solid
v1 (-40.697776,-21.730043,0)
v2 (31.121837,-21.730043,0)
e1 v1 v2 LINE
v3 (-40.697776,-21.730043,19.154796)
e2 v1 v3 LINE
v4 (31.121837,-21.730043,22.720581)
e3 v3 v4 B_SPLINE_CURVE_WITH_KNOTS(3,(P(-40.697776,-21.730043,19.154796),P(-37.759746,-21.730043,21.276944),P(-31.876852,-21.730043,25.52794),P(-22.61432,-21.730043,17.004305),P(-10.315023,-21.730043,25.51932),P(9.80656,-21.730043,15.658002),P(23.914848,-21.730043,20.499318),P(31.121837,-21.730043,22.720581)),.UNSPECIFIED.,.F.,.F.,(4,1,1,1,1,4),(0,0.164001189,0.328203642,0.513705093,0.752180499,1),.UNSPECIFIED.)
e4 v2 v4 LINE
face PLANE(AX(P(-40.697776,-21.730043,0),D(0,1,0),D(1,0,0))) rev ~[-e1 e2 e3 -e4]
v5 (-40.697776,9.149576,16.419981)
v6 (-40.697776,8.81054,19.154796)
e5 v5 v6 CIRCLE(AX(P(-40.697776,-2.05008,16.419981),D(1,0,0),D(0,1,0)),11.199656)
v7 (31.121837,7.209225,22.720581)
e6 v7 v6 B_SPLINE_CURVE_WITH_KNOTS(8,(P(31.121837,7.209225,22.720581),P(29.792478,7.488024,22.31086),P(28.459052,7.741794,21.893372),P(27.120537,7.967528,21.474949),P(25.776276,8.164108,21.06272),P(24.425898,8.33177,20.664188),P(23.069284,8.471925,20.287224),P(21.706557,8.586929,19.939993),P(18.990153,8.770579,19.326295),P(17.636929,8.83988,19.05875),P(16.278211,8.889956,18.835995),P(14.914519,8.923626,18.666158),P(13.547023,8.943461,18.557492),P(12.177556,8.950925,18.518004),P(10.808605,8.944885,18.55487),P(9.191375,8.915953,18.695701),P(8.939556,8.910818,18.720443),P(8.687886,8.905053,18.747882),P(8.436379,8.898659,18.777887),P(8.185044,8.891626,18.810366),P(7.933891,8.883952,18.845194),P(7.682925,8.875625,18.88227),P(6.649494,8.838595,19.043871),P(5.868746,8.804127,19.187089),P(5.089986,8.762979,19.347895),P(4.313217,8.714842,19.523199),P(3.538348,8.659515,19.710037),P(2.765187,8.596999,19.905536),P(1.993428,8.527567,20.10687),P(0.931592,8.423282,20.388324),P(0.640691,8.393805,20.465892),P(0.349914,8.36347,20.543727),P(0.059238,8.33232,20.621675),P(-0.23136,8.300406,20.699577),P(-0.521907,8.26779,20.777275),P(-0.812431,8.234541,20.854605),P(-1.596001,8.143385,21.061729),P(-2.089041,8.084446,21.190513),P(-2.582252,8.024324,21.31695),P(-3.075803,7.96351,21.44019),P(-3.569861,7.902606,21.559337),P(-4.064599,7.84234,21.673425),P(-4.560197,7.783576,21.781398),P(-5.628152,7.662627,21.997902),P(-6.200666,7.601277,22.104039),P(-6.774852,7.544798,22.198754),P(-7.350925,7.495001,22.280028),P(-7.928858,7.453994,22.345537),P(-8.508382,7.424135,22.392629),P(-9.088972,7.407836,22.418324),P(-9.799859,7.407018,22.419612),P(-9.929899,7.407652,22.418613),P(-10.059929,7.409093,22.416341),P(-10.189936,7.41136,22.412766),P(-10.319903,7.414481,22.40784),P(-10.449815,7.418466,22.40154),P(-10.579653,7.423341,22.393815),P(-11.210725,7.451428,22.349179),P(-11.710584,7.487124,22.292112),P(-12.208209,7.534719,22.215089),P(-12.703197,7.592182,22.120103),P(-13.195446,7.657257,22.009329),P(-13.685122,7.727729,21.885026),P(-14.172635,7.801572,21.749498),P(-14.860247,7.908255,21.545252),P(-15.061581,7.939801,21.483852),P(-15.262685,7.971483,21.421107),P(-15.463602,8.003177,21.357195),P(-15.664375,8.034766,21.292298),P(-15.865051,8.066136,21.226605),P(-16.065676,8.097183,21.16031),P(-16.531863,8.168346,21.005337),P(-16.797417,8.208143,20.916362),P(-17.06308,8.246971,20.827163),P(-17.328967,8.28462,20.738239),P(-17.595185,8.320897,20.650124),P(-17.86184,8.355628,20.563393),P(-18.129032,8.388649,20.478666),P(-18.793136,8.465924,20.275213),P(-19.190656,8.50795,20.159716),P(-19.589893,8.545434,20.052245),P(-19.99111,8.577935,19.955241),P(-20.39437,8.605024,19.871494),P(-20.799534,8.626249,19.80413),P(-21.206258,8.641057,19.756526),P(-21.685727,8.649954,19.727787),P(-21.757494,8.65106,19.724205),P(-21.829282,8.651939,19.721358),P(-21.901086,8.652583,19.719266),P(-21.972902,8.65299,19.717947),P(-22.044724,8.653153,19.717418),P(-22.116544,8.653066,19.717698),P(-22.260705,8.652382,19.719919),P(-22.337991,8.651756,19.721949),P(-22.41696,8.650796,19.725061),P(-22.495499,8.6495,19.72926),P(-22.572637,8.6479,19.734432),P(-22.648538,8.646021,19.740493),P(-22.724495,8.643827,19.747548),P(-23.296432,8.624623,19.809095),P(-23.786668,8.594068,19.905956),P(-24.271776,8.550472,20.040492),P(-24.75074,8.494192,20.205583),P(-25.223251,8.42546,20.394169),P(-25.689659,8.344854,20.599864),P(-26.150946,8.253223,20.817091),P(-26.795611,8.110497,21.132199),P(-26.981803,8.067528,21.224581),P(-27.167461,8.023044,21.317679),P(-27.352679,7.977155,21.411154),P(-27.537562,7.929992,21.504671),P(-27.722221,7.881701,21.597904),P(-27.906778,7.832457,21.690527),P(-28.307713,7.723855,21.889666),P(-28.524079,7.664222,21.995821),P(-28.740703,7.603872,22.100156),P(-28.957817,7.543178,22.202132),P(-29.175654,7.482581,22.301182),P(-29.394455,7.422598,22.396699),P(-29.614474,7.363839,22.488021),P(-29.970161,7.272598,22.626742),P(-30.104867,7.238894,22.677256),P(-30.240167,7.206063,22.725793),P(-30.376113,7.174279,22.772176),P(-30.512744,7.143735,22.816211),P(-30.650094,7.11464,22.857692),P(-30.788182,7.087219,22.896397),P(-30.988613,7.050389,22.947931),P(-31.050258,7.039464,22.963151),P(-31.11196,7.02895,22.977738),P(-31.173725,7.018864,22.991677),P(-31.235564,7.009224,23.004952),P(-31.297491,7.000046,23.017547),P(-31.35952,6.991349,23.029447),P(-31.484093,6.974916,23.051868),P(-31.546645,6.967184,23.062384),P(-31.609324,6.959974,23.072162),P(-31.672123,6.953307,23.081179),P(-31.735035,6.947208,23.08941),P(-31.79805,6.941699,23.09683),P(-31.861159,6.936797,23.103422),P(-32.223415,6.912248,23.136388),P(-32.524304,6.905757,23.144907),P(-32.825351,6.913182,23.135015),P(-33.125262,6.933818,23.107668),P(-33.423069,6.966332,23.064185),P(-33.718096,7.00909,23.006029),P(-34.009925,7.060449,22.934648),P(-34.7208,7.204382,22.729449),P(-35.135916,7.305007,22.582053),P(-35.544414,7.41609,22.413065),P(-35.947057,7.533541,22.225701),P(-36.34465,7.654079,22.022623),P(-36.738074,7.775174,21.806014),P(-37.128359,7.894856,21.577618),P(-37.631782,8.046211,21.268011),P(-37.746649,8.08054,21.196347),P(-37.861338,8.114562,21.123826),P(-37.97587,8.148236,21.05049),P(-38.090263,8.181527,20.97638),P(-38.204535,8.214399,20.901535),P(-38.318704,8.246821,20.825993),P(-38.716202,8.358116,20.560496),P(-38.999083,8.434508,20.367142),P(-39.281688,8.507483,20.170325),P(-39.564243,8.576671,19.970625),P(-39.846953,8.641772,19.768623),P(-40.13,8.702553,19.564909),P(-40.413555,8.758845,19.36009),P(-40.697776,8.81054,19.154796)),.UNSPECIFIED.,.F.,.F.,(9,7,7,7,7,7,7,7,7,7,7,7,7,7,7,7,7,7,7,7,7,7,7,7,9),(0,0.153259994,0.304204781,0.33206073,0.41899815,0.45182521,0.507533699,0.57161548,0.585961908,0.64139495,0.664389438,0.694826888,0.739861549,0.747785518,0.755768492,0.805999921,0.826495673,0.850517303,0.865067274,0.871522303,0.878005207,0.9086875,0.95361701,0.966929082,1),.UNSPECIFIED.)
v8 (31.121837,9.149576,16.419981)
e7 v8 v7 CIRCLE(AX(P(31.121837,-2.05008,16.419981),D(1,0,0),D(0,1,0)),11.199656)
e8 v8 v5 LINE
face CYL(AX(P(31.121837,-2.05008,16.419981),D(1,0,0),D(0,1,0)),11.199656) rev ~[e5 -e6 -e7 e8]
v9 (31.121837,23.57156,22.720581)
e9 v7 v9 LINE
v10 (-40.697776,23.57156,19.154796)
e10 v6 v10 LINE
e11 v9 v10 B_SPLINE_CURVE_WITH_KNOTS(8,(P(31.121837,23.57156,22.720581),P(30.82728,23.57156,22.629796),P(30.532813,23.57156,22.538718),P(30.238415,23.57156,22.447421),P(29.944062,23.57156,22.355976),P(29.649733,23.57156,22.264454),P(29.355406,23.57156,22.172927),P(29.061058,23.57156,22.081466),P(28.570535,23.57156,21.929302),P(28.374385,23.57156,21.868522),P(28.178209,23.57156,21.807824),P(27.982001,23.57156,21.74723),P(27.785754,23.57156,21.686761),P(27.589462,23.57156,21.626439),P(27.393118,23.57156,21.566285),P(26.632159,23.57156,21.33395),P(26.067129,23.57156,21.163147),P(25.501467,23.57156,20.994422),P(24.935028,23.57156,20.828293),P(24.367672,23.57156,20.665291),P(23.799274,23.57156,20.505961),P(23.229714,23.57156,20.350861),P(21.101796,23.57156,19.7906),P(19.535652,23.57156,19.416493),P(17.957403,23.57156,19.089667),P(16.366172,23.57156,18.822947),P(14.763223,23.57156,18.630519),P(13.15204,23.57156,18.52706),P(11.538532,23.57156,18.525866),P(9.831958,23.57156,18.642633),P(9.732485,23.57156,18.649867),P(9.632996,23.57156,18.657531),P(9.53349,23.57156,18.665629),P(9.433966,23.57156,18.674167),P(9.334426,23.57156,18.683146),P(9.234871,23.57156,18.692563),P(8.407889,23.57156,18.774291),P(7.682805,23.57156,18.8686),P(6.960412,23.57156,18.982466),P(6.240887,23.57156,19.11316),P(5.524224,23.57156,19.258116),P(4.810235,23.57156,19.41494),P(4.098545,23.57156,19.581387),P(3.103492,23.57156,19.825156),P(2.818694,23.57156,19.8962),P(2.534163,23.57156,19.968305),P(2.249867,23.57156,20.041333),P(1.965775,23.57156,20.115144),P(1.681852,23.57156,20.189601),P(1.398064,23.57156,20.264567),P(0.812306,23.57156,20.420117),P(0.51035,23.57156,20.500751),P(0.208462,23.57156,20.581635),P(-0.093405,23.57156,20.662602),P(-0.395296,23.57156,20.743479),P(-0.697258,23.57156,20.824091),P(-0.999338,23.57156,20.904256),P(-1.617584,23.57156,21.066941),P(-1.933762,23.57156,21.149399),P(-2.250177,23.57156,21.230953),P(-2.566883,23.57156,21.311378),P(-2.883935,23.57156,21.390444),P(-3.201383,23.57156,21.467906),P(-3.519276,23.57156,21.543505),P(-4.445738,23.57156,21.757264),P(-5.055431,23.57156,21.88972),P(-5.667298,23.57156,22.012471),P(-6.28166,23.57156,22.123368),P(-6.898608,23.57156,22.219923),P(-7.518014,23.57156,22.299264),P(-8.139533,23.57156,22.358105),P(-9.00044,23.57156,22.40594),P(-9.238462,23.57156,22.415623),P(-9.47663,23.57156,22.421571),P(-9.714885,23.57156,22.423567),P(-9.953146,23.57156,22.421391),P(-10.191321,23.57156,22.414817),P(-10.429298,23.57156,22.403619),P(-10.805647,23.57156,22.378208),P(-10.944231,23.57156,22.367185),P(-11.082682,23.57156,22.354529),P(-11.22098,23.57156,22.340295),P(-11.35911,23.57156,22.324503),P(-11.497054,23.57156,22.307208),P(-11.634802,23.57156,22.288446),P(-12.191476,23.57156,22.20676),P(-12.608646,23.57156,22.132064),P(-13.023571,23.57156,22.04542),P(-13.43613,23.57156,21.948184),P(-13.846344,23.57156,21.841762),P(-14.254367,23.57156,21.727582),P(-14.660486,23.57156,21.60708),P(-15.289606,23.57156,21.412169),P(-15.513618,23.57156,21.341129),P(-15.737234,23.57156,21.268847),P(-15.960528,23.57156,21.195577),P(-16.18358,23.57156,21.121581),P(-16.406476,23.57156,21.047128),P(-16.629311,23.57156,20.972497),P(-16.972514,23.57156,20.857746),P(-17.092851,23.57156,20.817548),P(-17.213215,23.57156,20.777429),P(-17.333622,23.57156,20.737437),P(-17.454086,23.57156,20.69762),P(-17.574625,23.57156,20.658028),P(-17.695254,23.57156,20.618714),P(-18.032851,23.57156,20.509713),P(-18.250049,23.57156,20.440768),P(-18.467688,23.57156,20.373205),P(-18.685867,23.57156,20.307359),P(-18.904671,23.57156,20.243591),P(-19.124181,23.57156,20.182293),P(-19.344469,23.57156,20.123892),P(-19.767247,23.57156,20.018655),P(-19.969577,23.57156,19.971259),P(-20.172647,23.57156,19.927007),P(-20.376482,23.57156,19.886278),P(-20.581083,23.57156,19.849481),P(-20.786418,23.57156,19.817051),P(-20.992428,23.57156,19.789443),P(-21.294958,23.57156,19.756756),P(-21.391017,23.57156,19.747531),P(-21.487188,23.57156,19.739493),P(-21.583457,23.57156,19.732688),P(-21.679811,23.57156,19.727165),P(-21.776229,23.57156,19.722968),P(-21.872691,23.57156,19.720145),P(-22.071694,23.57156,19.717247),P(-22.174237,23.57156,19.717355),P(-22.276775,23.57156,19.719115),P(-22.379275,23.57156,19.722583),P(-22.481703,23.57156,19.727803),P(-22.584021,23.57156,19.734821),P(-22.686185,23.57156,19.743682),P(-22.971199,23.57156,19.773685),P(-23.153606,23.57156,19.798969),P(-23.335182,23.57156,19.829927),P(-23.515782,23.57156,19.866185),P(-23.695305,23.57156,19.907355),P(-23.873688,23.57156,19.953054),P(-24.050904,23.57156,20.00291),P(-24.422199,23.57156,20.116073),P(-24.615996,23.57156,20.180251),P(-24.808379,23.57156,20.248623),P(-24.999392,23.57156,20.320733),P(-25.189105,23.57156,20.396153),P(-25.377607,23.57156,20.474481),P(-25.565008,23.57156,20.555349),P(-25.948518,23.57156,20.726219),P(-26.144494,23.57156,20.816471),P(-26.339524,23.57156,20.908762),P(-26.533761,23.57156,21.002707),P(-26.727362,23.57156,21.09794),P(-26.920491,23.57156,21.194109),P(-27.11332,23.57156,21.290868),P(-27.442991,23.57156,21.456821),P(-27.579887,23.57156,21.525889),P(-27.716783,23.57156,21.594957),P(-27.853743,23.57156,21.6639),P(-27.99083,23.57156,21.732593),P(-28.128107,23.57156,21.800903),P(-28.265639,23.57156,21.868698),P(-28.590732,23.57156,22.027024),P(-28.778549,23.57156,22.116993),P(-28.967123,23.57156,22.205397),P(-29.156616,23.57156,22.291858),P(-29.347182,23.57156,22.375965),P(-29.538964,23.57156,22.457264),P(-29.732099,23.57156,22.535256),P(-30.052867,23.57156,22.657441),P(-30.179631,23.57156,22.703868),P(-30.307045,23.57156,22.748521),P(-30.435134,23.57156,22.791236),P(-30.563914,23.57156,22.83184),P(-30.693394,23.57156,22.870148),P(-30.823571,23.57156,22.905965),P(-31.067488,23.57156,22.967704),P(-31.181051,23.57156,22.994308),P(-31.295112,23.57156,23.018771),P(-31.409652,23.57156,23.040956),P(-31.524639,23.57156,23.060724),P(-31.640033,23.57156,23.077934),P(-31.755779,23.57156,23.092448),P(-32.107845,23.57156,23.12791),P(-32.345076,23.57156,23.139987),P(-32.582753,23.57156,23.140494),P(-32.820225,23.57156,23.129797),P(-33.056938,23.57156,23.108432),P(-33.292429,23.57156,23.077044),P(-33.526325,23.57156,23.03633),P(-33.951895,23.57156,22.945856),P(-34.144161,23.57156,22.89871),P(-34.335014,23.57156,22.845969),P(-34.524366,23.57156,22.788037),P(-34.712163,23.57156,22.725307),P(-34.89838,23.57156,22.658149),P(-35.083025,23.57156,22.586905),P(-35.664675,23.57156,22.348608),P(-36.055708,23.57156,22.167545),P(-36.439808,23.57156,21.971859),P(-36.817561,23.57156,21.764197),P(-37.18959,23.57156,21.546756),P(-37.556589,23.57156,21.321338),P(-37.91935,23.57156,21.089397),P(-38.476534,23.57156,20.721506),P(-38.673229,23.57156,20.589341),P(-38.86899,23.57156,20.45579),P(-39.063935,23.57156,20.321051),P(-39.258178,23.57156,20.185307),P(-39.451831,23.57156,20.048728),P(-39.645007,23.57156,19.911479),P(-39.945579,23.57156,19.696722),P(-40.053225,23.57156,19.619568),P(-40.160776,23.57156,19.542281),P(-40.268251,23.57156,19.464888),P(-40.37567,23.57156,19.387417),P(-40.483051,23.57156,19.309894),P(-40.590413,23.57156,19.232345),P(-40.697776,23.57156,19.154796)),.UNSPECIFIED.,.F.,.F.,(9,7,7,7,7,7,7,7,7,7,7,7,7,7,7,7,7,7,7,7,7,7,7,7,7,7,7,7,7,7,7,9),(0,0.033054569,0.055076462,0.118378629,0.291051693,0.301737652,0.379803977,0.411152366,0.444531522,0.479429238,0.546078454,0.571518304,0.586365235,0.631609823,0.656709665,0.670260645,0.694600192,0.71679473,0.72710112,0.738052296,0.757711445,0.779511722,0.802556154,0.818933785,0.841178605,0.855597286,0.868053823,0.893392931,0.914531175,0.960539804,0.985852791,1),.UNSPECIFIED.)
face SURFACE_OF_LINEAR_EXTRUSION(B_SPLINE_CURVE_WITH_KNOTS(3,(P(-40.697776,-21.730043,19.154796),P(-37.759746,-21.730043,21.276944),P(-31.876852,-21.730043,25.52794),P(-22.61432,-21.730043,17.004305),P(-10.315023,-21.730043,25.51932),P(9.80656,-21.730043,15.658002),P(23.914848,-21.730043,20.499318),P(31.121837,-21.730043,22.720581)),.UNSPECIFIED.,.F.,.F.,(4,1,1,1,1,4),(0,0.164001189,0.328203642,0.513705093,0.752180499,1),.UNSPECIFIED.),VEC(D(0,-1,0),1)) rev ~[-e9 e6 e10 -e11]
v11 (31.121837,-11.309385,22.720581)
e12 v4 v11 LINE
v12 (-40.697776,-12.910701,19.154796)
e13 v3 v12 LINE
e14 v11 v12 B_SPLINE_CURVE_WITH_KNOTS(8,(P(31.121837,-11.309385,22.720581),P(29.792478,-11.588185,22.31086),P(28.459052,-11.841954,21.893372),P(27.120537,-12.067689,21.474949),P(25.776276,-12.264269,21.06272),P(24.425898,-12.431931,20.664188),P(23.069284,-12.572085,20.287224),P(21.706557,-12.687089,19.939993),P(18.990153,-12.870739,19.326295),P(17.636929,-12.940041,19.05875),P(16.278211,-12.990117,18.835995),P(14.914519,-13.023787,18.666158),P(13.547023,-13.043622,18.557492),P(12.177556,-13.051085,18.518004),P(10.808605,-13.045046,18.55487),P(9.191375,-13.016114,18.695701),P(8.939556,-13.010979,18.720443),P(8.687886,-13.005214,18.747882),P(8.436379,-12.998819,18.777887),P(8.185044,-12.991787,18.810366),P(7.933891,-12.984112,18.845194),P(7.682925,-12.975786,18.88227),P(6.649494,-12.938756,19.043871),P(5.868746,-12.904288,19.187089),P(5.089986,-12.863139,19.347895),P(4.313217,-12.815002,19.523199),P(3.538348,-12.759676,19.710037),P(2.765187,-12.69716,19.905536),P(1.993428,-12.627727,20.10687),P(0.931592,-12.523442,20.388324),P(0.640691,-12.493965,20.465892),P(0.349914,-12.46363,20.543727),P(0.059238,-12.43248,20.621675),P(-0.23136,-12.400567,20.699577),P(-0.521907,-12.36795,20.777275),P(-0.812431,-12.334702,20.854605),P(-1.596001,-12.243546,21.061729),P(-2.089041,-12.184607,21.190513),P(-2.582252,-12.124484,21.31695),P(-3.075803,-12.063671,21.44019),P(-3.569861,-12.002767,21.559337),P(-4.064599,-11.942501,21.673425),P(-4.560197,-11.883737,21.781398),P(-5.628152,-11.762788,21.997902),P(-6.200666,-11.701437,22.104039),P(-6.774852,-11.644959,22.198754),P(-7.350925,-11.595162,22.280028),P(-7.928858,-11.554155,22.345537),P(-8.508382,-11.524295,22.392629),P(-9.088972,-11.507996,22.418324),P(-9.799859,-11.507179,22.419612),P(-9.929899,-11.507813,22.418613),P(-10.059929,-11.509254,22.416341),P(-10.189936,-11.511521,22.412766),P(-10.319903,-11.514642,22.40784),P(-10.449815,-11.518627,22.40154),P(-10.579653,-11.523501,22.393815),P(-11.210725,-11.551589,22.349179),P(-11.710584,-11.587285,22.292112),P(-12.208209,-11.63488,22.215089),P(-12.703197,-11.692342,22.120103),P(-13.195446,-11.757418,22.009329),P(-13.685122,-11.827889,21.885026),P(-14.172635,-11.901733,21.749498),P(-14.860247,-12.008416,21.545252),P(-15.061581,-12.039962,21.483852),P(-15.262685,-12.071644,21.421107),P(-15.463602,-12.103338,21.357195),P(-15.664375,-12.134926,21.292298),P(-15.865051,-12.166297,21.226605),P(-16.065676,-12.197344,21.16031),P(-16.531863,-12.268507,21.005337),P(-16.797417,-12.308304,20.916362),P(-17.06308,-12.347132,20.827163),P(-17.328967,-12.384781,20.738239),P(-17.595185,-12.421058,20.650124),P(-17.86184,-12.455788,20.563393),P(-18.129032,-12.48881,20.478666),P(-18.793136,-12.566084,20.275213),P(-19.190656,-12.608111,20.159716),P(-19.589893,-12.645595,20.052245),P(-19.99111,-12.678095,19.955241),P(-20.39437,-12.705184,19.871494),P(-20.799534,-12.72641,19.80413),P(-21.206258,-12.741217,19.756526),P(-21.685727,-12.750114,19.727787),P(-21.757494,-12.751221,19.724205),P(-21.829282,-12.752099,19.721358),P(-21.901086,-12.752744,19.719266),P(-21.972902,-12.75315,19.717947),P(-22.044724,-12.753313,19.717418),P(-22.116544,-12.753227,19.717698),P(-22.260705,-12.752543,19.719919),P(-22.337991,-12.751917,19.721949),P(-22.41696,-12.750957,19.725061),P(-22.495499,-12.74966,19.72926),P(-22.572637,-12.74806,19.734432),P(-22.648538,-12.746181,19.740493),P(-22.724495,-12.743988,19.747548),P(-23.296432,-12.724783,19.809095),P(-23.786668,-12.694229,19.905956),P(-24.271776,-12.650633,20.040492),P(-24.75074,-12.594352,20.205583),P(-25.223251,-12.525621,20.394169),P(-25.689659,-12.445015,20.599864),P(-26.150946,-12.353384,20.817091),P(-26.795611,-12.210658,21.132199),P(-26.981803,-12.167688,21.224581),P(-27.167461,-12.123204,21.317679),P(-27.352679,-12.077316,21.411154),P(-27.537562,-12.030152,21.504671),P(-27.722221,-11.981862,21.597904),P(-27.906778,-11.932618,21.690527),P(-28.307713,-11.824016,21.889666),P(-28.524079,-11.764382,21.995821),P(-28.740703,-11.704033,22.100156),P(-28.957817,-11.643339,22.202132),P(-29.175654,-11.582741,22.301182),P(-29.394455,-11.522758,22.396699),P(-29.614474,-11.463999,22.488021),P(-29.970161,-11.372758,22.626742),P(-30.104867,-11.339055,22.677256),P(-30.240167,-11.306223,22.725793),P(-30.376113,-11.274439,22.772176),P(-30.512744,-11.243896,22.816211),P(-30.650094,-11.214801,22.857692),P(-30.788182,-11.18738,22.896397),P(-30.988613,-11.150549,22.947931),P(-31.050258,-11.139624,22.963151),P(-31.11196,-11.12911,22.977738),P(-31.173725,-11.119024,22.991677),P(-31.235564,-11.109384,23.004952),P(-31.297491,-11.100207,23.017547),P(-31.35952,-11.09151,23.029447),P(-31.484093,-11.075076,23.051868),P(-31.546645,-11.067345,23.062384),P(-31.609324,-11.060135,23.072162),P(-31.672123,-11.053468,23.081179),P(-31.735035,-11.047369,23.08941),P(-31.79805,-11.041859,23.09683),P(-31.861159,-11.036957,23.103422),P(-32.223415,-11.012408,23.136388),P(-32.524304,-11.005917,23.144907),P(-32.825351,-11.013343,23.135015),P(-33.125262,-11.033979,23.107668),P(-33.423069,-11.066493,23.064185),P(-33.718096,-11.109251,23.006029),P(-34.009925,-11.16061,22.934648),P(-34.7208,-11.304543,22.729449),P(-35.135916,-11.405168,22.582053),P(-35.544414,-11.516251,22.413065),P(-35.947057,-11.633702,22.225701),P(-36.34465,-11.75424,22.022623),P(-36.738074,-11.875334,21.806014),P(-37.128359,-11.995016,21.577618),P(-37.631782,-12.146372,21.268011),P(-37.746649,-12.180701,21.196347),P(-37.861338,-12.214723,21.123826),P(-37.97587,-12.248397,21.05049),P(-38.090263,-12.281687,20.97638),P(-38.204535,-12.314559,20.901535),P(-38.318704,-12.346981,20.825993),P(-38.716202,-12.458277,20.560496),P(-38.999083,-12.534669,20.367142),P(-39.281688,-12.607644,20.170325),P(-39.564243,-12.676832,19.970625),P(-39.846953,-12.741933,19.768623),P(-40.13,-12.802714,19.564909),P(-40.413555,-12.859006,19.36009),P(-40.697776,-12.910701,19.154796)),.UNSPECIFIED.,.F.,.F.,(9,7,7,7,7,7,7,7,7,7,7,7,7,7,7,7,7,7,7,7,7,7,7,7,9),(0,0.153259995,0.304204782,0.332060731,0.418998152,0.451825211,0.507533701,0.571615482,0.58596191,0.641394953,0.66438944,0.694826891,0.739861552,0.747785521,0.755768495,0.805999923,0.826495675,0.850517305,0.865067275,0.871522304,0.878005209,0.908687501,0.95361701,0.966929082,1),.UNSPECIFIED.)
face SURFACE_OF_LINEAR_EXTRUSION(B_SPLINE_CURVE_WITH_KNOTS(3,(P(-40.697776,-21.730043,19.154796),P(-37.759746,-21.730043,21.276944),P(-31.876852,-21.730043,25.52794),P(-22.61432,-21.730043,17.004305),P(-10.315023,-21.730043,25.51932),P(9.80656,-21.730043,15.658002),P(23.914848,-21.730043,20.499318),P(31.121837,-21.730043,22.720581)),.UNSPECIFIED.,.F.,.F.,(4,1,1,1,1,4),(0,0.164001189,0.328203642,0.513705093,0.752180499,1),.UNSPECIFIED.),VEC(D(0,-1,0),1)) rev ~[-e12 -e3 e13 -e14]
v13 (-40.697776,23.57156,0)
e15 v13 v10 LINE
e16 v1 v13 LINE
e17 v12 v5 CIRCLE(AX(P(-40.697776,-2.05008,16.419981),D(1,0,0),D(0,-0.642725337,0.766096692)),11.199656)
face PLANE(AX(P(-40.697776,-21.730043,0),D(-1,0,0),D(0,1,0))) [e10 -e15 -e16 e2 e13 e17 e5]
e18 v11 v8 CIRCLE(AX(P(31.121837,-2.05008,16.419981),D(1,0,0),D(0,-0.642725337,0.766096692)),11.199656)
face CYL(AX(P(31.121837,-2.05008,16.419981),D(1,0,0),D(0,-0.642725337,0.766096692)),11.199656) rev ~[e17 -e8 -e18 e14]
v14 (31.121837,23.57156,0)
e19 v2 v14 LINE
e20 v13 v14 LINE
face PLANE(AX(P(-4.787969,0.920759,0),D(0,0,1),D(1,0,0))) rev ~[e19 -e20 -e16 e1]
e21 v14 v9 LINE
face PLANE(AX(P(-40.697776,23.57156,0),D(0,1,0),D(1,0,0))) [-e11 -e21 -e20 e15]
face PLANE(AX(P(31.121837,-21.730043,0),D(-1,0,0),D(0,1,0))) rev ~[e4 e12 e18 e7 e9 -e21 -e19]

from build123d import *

# Parameters (mm, degrees)
F0_W     = 71.8196127564
F0_H     = 45.3016031533
F1_DEPTH = 25
F3_DEPTH = 71.8206127564
F5_DEPTH = 45.3026031533


with BuildPart() as f1:
    # F0 (on Top) → F1 (new body)
    with BuildSketch(Plane.XY):
        with Locations((-4.787969403, 0.9207585827)):
            Rectangle(F0_W, F0_H)
    extrude(amount=F1_DEPTH)

    # F2 (on face) → F3 (cut, through all)
    with BuildSketch(Plane.YZ.offset(31.1218369752)):
        with BuildLine():
            ThreePointArc((-9.2483829324, 25), (-6.7836719894, 6.2698377231), (9.1495755455, 16.419980675))
            ThreePointArc((9.1495755455, 16.419980675), (8.1000626152, 21.1535723277), (5.1482222591, 25))
            Line((5.1482222591, 25), (-9.2483829324, 25))
        make_face()
    extrude(amount=-F3_DEPTH, mode=Mode.SUBTRACT)

    # F4 (on face) → F5 (cut, through all)
    with BuildSketch(Plane.XZ.offset(21.730042994)):
        with BuildLine():
            Line((-40.6977757812, 25), (-40.6977757812, 19.1547963768))
            add(Edge.make_bspline(
                [(-40.6977757812, 19.1547963768), (-37.7597455886, 21.2769441588), (-31.8768521894, 25.5279400785), (-22.6143195247, 17.0043045257), (-10.3150227377, 25.519319585), (9.8065595969, 15.6580017037), (23.9148476866, 20.4993176259), (31.1218369752, 22.7205809206)],
                knots=[0, 0, 0, 0, 0.1640011889, 0.3282036418, 0.5137050928, 0.7521804987, 1, 1, 1, 1], degree=3))
            Line((31.1218369752, 22.7205809206), (31.1218369752, 25))
            Line((31.1218369752, 25), (-40.6977757812, 25))
        make_face()
    extrude(amount=-F5_DEPTH, mode=Mode.SUBTRACT)


solid = f1.part
